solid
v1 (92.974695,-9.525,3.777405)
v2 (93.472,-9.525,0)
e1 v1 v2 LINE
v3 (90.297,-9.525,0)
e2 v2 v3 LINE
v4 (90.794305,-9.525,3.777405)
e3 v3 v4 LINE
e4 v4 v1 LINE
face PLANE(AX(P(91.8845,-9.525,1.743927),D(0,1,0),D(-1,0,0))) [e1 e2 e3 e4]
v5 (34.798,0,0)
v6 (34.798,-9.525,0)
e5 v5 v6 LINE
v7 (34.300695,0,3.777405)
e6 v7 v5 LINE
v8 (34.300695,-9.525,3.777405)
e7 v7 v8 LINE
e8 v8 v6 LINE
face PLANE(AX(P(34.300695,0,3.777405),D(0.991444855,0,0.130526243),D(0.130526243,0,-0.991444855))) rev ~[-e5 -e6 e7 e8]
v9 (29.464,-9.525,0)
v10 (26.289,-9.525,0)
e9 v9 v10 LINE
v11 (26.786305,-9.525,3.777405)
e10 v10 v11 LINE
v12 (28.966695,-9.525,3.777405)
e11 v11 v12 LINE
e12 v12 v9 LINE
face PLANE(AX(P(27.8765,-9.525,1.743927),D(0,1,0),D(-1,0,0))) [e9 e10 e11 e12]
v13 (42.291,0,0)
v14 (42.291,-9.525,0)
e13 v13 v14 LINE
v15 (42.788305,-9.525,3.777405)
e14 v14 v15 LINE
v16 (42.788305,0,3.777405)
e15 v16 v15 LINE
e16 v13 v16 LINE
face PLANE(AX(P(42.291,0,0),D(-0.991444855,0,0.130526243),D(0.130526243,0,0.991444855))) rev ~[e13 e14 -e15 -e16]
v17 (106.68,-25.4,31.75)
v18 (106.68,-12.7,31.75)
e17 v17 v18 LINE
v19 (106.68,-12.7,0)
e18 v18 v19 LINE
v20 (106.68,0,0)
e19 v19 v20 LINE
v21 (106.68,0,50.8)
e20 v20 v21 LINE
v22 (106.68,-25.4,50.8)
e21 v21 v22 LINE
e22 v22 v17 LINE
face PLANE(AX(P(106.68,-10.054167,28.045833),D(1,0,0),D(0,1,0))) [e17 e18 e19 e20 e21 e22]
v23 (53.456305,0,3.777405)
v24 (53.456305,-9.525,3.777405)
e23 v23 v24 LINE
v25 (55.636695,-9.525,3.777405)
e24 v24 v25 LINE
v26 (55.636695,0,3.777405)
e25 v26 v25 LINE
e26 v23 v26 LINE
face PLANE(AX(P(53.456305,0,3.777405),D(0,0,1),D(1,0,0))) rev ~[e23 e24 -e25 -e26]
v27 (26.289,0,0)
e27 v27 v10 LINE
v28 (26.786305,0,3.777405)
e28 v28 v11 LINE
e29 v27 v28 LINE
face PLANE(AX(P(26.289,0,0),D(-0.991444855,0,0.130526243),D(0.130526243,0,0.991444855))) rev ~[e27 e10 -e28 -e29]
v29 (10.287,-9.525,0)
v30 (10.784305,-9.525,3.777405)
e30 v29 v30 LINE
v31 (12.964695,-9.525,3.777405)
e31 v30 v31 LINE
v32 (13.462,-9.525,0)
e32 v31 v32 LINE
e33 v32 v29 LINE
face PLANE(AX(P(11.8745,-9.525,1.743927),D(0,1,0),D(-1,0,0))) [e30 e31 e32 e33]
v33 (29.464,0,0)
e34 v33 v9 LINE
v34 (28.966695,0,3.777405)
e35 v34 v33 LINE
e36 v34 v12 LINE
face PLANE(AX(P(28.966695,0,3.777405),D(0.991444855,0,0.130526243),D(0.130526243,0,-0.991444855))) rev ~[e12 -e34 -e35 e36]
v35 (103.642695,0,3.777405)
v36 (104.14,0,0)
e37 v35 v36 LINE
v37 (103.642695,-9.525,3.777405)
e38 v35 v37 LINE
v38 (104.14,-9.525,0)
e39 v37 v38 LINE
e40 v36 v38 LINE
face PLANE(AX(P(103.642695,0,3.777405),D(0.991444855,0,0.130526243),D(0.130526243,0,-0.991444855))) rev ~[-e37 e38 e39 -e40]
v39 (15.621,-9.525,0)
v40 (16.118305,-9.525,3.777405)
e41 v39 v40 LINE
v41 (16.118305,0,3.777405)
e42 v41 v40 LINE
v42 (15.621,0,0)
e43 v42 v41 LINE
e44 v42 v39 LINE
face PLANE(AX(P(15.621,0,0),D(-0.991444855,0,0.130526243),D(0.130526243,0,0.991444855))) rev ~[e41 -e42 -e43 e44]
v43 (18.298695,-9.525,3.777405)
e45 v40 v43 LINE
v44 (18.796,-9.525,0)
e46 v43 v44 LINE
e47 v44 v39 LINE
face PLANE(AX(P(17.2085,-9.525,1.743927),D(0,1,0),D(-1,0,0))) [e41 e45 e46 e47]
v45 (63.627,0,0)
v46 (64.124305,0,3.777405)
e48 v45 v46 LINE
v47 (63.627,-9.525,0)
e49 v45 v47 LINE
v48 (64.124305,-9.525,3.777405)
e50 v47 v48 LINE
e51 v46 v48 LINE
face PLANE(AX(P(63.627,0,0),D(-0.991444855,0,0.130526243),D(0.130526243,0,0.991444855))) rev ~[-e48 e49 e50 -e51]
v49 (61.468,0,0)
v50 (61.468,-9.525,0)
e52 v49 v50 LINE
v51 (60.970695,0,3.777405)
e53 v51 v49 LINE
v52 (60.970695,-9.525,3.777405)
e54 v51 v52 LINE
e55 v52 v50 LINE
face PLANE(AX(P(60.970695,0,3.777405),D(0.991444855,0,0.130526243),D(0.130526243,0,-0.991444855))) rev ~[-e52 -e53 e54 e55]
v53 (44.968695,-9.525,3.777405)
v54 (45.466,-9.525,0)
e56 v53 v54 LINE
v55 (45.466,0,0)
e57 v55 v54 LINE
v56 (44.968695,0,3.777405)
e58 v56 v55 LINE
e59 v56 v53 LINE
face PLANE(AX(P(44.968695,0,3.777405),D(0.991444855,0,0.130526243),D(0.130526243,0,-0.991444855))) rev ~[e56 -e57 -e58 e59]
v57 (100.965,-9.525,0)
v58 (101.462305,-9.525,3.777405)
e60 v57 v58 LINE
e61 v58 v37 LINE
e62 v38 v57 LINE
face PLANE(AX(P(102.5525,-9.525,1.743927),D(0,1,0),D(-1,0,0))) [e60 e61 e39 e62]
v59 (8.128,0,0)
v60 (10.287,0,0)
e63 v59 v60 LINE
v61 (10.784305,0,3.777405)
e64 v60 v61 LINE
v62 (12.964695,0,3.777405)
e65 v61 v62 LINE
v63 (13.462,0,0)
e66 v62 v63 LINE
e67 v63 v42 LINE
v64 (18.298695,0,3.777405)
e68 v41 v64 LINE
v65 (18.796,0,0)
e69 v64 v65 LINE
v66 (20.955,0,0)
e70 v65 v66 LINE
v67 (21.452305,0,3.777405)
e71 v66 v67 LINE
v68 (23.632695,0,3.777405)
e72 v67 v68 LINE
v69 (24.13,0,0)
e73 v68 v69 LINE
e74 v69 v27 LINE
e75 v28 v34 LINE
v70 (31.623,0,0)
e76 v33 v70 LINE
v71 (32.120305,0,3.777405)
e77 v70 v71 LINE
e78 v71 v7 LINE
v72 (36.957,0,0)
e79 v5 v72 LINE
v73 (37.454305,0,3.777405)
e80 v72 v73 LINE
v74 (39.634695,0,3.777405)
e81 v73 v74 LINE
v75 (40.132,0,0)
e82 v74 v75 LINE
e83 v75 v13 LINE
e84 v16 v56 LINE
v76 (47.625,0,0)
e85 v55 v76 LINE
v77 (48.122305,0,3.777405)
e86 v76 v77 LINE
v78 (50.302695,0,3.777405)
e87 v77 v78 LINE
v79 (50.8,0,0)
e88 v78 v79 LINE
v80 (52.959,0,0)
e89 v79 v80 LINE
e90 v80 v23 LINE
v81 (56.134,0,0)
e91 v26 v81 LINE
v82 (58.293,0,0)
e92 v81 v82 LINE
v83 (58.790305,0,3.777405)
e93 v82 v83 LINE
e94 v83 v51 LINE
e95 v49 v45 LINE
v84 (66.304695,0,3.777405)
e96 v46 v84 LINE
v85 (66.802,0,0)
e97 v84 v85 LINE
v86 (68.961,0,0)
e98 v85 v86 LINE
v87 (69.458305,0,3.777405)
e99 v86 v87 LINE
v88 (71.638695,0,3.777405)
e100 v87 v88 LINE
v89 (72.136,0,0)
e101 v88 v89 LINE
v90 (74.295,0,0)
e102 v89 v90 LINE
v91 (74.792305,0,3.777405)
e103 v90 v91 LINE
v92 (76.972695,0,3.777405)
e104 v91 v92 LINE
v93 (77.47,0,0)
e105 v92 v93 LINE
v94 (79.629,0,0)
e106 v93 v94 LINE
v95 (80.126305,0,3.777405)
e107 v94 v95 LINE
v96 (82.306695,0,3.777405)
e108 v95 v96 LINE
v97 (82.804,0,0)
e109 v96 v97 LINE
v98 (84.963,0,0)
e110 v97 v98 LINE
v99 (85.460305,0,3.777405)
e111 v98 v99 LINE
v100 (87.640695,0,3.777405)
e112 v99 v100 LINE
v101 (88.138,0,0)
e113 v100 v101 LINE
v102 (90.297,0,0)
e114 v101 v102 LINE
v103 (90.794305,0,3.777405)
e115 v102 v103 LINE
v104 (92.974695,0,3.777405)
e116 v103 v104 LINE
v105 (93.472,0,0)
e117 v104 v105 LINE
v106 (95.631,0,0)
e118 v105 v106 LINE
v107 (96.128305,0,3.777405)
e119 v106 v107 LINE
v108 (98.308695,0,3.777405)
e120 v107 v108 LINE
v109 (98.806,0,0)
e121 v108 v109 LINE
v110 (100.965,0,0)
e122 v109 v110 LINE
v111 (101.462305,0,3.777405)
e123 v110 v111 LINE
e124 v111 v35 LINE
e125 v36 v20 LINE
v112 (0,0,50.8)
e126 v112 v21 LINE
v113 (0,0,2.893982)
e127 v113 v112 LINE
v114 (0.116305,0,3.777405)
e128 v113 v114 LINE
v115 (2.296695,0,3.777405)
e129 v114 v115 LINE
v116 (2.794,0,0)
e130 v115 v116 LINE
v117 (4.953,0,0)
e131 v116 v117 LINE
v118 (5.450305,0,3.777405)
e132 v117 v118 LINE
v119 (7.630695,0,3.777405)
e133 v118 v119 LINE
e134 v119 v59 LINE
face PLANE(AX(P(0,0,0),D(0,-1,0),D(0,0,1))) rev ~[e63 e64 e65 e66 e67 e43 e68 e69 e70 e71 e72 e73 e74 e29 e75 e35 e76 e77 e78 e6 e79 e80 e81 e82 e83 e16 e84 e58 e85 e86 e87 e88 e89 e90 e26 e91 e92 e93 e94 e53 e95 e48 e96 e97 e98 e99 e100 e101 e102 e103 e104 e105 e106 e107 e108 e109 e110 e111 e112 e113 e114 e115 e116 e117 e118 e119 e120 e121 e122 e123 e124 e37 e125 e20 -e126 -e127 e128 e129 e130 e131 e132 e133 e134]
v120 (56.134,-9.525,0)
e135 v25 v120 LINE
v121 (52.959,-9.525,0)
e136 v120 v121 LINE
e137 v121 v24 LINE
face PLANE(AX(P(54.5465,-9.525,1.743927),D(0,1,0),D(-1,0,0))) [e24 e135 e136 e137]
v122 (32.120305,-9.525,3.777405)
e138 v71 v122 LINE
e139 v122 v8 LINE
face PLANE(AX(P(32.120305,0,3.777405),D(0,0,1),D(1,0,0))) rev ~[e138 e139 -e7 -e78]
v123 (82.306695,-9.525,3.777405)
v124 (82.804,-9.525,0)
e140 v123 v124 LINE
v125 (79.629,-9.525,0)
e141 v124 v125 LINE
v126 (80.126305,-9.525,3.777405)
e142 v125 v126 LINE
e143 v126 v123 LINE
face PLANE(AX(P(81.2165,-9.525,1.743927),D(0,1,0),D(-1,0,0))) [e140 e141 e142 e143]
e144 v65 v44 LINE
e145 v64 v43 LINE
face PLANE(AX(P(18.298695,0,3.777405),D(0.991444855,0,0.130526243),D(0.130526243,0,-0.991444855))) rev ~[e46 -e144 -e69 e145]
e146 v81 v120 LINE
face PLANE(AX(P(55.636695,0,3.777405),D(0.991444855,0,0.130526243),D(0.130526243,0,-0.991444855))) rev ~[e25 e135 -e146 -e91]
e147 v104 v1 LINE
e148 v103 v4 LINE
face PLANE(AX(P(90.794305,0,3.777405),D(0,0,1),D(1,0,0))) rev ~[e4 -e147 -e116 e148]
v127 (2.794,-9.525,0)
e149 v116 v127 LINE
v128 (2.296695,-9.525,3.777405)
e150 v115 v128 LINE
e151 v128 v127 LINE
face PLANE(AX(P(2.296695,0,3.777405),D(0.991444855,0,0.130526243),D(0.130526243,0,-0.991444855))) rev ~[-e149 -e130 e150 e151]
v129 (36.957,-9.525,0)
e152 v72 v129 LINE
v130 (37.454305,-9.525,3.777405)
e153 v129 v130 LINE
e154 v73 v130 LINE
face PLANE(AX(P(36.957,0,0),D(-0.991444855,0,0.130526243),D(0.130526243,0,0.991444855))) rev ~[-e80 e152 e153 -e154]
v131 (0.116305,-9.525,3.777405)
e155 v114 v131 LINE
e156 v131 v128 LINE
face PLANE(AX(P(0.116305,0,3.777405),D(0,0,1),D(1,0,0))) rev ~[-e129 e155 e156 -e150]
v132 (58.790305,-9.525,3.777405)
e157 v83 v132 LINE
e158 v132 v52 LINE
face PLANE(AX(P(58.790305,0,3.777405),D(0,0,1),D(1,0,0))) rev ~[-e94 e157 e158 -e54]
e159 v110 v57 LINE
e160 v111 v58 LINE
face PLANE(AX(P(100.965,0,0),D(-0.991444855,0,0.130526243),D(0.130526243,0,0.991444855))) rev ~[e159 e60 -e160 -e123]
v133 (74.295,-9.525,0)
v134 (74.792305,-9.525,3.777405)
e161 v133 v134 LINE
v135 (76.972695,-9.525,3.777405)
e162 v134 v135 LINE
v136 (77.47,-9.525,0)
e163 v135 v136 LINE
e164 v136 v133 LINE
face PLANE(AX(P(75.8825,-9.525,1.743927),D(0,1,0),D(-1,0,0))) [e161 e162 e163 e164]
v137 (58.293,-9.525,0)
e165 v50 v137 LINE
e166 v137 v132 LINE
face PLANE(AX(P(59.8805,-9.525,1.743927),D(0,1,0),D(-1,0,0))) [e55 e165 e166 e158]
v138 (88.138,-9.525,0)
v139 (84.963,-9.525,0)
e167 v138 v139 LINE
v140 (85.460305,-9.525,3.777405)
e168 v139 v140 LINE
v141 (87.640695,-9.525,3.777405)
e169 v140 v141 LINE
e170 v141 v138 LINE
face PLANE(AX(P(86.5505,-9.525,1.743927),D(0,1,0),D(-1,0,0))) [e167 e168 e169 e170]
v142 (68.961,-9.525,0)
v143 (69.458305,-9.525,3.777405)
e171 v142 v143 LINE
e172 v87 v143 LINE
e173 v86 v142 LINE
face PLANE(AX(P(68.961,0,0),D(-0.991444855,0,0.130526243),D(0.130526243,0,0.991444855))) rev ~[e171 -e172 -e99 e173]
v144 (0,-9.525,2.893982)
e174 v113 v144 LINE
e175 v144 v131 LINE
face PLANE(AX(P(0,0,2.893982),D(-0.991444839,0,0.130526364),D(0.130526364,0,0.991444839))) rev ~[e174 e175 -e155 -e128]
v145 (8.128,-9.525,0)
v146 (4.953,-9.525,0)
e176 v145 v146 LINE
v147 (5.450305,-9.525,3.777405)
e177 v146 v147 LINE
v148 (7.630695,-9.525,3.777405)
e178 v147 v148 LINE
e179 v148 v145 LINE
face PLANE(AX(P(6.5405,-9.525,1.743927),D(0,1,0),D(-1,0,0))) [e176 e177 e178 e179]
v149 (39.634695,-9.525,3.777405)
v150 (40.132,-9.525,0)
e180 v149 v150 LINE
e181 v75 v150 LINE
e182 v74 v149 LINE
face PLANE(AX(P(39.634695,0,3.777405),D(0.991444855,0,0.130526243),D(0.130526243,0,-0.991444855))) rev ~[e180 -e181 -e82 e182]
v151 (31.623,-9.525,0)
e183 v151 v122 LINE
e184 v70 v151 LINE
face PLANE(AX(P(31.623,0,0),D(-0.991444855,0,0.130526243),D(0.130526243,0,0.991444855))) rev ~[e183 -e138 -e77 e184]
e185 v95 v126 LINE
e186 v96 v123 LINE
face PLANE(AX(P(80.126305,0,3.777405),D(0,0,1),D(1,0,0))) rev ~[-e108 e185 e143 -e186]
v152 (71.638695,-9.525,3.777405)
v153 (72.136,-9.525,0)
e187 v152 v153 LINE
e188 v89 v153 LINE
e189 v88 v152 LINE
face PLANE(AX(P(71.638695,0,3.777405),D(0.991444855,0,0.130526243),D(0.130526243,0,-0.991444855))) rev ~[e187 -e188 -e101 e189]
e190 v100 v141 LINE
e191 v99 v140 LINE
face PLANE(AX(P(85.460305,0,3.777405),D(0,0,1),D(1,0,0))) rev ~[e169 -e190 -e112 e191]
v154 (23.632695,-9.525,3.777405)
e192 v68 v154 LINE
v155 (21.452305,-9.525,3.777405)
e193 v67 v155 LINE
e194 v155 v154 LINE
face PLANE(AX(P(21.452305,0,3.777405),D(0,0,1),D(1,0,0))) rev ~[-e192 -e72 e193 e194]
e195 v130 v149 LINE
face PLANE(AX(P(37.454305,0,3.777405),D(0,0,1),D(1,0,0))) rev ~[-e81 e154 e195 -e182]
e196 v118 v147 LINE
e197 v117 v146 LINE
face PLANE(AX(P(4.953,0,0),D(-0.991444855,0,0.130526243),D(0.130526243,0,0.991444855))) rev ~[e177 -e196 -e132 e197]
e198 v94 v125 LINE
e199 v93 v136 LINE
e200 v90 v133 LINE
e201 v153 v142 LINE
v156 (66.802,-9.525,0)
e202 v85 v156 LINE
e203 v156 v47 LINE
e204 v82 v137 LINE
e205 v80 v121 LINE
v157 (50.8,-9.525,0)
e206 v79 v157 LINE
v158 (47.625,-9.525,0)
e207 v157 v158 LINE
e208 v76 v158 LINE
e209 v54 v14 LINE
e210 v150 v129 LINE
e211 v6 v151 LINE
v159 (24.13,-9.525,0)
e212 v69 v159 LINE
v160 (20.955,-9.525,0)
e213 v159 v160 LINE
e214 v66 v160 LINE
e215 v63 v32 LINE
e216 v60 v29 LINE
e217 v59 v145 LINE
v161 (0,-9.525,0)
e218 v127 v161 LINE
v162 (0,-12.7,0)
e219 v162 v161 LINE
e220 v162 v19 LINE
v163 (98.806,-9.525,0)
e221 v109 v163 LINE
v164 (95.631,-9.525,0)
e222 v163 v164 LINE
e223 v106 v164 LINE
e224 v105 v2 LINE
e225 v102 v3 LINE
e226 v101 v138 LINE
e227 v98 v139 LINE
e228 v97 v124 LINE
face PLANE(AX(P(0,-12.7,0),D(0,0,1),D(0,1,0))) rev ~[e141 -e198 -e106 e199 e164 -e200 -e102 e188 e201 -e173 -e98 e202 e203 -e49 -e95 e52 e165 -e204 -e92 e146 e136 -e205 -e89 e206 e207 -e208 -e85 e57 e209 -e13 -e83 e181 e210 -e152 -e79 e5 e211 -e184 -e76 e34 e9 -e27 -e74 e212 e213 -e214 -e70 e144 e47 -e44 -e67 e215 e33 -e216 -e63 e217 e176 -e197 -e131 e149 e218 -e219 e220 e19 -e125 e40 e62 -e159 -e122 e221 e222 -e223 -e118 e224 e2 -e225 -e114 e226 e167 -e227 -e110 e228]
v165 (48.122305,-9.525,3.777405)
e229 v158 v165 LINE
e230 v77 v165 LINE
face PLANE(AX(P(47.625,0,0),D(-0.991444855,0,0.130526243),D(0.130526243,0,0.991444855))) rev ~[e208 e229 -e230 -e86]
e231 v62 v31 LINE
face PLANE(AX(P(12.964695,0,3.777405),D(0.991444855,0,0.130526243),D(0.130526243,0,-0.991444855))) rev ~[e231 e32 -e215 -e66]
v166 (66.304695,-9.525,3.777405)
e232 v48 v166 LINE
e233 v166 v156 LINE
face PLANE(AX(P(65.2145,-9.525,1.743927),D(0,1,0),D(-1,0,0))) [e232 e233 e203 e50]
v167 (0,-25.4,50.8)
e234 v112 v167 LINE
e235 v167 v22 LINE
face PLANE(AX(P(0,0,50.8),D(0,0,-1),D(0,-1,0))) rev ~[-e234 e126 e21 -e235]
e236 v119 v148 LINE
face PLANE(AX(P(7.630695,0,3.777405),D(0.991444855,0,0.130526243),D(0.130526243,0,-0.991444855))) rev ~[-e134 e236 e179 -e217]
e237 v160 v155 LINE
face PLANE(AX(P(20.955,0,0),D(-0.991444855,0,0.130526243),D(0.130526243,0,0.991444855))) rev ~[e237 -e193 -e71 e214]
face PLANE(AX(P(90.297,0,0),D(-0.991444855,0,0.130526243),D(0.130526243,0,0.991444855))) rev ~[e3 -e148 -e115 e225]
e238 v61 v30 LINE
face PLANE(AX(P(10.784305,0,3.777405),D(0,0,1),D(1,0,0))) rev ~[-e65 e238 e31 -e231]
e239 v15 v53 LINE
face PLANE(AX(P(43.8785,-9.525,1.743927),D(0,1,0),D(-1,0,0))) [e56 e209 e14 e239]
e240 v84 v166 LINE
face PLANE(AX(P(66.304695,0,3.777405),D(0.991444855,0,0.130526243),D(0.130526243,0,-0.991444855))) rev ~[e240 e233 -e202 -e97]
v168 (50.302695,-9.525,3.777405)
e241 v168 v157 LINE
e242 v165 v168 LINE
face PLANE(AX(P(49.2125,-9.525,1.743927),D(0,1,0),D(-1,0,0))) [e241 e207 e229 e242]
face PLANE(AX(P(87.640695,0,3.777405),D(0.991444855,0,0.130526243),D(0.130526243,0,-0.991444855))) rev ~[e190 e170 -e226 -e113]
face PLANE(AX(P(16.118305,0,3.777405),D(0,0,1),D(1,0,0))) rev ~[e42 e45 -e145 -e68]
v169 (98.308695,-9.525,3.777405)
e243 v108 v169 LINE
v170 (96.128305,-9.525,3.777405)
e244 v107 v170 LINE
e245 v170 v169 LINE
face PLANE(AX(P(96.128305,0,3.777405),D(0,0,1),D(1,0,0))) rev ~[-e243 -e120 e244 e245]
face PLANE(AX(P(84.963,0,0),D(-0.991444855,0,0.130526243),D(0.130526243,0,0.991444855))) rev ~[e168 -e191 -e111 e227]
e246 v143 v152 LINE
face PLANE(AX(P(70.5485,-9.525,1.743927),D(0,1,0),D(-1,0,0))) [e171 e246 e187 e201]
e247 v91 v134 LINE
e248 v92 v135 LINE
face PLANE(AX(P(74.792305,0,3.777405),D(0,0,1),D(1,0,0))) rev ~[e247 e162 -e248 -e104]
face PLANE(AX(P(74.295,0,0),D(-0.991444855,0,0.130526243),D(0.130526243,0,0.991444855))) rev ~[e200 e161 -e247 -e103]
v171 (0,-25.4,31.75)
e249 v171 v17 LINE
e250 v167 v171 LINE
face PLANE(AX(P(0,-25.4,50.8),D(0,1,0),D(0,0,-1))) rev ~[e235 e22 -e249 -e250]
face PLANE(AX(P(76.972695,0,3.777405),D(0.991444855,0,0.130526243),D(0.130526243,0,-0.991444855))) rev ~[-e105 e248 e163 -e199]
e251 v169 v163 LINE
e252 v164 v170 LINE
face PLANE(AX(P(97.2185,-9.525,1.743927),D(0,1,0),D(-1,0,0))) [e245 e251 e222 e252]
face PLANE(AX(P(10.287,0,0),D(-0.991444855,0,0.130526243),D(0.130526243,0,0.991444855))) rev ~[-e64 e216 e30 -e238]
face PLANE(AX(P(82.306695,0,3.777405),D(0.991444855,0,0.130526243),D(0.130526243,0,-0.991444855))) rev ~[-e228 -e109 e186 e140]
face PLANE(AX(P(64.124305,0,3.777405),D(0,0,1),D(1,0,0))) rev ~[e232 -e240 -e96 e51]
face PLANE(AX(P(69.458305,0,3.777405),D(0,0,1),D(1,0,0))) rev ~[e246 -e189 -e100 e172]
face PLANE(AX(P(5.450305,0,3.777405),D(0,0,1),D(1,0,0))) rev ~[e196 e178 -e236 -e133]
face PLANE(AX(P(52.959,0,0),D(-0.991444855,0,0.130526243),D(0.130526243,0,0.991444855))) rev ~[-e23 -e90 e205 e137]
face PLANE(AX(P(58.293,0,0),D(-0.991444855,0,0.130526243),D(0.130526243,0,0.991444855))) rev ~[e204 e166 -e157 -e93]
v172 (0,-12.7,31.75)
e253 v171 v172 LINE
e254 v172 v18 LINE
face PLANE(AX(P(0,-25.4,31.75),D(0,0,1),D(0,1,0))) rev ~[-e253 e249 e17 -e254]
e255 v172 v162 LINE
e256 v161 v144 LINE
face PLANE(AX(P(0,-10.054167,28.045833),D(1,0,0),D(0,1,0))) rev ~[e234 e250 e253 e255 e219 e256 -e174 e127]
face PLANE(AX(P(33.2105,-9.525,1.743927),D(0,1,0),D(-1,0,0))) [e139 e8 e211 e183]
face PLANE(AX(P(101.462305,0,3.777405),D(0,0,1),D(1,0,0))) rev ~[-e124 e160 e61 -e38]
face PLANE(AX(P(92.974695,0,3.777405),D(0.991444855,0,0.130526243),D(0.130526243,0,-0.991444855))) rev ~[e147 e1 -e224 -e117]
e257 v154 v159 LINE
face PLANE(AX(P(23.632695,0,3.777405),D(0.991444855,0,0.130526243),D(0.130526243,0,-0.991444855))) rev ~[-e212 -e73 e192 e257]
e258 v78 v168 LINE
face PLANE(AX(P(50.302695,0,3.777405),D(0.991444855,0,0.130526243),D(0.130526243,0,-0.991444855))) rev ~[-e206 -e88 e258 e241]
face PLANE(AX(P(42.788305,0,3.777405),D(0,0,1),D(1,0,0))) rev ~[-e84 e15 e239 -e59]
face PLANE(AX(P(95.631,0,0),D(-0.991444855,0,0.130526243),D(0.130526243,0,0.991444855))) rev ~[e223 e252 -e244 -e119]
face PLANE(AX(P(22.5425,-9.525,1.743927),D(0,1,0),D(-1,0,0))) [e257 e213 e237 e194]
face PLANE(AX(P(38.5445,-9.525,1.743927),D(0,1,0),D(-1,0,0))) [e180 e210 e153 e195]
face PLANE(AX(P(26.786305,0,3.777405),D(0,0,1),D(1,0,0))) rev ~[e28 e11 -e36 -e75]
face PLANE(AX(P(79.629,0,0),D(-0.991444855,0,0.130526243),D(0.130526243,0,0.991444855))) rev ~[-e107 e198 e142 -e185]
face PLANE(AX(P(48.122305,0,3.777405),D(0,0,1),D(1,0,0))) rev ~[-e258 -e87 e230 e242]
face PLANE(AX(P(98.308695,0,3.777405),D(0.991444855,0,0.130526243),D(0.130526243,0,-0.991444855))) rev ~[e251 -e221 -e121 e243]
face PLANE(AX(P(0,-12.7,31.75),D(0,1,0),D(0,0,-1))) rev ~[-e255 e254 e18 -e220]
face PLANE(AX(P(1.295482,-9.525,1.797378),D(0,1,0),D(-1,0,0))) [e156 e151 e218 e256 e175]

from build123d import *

# Parameters (mm, degrees)
F1_DEPTH = 106.68
F3_DEPTH = 9.525


with BuildPart() as f1:
    # F0 (on Right) → F1 (new body)
    with BuildSketch(Plane.YZ):
        Polygon((-12.7, 0), (0, 0), (0, 50.8), (-25.4, 50.8), (-25.4, 31.75), (-12.7, 31.75), align=None)
    extrude(amount=F1_DEPTH)

    # F2 (on face) → F3 (cut)
    with BuildSketch(Plane(origin=(0, 0, 0), x_dir=(-1, 0, 0), z_dir=(0, 1, 0))):
        Polygon((-103.642695, 3.777405), (-104.14, 0), (-100.965, 0), (-101.462305, 3.777405), align=None)
        Polygon((-98.308695, 3.777405), (-98.806, 0), (-95.631, 0), (-96.128305, 3.777405), align=None)
        Polygon((-92.974695, 3.777405), (-93.472, 0), (-90.297, 0), (-90.794305, 3.777405), align=None)
        Polygon((-87.640695, 3.777405), (-88.138, 0), (-84.963, 0), (-85.460305, 3.777405), align=None)
        Polygon((-82.306695, 3.777405), (-82.804, 0), (-79.629, 0), (-80.126305, 3.777405), align=None)
        Polygon((-76.972695, 3.777405), (-77.47, 0), (-74.295, 0), (-74.792305, 3.777405), align=None)
        Polygon((-71.638695, 3.777405), (-72.136, 0), (-68.961, 0), (-69.458305, 3.777405), align=None)
        Polygon((-66.304695, 3.777405), (-66.802, 0), (-63.627, 0), (-64.124305, 3.777405), align=None)
        Polygon((-60.970695, 3.777405), (-61.468, 0), (-58.293, 0), (-58.790305, 3.777405), align=None)
        Polygon((-55.636695, 3.777405), (-56.134, 0), (-52.959, 0), (-53.456305, 3.777405), align=None)
        Polygon((-50.302695, 3.777405), (-50.8, 0), (-47.625, 0), (-48.122305, 3.777405), align=None)
        Polygon((-45.466, 0), (-42.291, 0), (-42.788305, 3.777405), (-44.968695, 3.777405), align=None)
        Polygon((-40.132, 0), (-36.957, 0), (-37.454305, 3.777405), (-39.634695, 3.777405), align=None)
        Polygon((-18.796, 0), (-15.621, 0), (-16.118305, 3.777405), (-18.298695, 3.777405), align=None)
        Polygon((-24.13, 0), (-20.955, 0), (-21.452305, 3.777405), (-23.632695, 3.777405), align=None)
        Polygon((-29.464, 0), (-26.289, 0), (-26.786305, 3.777405), (-28.966695, 3.777405), align=None)
        Polygon((-34.798, 0), (-31.623, 0), (-32.120305, 3.777405), (-34.300695, 3.777405), align=None)
        Polygon((-13.462, 0), (-10.287, 0), (-10.784305, 3.777405), (-12.964695, 3.777405), align=None)
        Polygon((-8.128, 0), (-4.953, 0), (-5.450305, 3.777405), (-7.630695, 3.777405), align=None)
        Polygon((0, 0), (0, 2.893982), (-0.116305, 3.777405), (-2.296695, 3.777405), (-2.794, 0), align=None)
    extrude(amount=-F3_DEPTH, mode=Mode.SUBTRACT)


solid = f1.part
